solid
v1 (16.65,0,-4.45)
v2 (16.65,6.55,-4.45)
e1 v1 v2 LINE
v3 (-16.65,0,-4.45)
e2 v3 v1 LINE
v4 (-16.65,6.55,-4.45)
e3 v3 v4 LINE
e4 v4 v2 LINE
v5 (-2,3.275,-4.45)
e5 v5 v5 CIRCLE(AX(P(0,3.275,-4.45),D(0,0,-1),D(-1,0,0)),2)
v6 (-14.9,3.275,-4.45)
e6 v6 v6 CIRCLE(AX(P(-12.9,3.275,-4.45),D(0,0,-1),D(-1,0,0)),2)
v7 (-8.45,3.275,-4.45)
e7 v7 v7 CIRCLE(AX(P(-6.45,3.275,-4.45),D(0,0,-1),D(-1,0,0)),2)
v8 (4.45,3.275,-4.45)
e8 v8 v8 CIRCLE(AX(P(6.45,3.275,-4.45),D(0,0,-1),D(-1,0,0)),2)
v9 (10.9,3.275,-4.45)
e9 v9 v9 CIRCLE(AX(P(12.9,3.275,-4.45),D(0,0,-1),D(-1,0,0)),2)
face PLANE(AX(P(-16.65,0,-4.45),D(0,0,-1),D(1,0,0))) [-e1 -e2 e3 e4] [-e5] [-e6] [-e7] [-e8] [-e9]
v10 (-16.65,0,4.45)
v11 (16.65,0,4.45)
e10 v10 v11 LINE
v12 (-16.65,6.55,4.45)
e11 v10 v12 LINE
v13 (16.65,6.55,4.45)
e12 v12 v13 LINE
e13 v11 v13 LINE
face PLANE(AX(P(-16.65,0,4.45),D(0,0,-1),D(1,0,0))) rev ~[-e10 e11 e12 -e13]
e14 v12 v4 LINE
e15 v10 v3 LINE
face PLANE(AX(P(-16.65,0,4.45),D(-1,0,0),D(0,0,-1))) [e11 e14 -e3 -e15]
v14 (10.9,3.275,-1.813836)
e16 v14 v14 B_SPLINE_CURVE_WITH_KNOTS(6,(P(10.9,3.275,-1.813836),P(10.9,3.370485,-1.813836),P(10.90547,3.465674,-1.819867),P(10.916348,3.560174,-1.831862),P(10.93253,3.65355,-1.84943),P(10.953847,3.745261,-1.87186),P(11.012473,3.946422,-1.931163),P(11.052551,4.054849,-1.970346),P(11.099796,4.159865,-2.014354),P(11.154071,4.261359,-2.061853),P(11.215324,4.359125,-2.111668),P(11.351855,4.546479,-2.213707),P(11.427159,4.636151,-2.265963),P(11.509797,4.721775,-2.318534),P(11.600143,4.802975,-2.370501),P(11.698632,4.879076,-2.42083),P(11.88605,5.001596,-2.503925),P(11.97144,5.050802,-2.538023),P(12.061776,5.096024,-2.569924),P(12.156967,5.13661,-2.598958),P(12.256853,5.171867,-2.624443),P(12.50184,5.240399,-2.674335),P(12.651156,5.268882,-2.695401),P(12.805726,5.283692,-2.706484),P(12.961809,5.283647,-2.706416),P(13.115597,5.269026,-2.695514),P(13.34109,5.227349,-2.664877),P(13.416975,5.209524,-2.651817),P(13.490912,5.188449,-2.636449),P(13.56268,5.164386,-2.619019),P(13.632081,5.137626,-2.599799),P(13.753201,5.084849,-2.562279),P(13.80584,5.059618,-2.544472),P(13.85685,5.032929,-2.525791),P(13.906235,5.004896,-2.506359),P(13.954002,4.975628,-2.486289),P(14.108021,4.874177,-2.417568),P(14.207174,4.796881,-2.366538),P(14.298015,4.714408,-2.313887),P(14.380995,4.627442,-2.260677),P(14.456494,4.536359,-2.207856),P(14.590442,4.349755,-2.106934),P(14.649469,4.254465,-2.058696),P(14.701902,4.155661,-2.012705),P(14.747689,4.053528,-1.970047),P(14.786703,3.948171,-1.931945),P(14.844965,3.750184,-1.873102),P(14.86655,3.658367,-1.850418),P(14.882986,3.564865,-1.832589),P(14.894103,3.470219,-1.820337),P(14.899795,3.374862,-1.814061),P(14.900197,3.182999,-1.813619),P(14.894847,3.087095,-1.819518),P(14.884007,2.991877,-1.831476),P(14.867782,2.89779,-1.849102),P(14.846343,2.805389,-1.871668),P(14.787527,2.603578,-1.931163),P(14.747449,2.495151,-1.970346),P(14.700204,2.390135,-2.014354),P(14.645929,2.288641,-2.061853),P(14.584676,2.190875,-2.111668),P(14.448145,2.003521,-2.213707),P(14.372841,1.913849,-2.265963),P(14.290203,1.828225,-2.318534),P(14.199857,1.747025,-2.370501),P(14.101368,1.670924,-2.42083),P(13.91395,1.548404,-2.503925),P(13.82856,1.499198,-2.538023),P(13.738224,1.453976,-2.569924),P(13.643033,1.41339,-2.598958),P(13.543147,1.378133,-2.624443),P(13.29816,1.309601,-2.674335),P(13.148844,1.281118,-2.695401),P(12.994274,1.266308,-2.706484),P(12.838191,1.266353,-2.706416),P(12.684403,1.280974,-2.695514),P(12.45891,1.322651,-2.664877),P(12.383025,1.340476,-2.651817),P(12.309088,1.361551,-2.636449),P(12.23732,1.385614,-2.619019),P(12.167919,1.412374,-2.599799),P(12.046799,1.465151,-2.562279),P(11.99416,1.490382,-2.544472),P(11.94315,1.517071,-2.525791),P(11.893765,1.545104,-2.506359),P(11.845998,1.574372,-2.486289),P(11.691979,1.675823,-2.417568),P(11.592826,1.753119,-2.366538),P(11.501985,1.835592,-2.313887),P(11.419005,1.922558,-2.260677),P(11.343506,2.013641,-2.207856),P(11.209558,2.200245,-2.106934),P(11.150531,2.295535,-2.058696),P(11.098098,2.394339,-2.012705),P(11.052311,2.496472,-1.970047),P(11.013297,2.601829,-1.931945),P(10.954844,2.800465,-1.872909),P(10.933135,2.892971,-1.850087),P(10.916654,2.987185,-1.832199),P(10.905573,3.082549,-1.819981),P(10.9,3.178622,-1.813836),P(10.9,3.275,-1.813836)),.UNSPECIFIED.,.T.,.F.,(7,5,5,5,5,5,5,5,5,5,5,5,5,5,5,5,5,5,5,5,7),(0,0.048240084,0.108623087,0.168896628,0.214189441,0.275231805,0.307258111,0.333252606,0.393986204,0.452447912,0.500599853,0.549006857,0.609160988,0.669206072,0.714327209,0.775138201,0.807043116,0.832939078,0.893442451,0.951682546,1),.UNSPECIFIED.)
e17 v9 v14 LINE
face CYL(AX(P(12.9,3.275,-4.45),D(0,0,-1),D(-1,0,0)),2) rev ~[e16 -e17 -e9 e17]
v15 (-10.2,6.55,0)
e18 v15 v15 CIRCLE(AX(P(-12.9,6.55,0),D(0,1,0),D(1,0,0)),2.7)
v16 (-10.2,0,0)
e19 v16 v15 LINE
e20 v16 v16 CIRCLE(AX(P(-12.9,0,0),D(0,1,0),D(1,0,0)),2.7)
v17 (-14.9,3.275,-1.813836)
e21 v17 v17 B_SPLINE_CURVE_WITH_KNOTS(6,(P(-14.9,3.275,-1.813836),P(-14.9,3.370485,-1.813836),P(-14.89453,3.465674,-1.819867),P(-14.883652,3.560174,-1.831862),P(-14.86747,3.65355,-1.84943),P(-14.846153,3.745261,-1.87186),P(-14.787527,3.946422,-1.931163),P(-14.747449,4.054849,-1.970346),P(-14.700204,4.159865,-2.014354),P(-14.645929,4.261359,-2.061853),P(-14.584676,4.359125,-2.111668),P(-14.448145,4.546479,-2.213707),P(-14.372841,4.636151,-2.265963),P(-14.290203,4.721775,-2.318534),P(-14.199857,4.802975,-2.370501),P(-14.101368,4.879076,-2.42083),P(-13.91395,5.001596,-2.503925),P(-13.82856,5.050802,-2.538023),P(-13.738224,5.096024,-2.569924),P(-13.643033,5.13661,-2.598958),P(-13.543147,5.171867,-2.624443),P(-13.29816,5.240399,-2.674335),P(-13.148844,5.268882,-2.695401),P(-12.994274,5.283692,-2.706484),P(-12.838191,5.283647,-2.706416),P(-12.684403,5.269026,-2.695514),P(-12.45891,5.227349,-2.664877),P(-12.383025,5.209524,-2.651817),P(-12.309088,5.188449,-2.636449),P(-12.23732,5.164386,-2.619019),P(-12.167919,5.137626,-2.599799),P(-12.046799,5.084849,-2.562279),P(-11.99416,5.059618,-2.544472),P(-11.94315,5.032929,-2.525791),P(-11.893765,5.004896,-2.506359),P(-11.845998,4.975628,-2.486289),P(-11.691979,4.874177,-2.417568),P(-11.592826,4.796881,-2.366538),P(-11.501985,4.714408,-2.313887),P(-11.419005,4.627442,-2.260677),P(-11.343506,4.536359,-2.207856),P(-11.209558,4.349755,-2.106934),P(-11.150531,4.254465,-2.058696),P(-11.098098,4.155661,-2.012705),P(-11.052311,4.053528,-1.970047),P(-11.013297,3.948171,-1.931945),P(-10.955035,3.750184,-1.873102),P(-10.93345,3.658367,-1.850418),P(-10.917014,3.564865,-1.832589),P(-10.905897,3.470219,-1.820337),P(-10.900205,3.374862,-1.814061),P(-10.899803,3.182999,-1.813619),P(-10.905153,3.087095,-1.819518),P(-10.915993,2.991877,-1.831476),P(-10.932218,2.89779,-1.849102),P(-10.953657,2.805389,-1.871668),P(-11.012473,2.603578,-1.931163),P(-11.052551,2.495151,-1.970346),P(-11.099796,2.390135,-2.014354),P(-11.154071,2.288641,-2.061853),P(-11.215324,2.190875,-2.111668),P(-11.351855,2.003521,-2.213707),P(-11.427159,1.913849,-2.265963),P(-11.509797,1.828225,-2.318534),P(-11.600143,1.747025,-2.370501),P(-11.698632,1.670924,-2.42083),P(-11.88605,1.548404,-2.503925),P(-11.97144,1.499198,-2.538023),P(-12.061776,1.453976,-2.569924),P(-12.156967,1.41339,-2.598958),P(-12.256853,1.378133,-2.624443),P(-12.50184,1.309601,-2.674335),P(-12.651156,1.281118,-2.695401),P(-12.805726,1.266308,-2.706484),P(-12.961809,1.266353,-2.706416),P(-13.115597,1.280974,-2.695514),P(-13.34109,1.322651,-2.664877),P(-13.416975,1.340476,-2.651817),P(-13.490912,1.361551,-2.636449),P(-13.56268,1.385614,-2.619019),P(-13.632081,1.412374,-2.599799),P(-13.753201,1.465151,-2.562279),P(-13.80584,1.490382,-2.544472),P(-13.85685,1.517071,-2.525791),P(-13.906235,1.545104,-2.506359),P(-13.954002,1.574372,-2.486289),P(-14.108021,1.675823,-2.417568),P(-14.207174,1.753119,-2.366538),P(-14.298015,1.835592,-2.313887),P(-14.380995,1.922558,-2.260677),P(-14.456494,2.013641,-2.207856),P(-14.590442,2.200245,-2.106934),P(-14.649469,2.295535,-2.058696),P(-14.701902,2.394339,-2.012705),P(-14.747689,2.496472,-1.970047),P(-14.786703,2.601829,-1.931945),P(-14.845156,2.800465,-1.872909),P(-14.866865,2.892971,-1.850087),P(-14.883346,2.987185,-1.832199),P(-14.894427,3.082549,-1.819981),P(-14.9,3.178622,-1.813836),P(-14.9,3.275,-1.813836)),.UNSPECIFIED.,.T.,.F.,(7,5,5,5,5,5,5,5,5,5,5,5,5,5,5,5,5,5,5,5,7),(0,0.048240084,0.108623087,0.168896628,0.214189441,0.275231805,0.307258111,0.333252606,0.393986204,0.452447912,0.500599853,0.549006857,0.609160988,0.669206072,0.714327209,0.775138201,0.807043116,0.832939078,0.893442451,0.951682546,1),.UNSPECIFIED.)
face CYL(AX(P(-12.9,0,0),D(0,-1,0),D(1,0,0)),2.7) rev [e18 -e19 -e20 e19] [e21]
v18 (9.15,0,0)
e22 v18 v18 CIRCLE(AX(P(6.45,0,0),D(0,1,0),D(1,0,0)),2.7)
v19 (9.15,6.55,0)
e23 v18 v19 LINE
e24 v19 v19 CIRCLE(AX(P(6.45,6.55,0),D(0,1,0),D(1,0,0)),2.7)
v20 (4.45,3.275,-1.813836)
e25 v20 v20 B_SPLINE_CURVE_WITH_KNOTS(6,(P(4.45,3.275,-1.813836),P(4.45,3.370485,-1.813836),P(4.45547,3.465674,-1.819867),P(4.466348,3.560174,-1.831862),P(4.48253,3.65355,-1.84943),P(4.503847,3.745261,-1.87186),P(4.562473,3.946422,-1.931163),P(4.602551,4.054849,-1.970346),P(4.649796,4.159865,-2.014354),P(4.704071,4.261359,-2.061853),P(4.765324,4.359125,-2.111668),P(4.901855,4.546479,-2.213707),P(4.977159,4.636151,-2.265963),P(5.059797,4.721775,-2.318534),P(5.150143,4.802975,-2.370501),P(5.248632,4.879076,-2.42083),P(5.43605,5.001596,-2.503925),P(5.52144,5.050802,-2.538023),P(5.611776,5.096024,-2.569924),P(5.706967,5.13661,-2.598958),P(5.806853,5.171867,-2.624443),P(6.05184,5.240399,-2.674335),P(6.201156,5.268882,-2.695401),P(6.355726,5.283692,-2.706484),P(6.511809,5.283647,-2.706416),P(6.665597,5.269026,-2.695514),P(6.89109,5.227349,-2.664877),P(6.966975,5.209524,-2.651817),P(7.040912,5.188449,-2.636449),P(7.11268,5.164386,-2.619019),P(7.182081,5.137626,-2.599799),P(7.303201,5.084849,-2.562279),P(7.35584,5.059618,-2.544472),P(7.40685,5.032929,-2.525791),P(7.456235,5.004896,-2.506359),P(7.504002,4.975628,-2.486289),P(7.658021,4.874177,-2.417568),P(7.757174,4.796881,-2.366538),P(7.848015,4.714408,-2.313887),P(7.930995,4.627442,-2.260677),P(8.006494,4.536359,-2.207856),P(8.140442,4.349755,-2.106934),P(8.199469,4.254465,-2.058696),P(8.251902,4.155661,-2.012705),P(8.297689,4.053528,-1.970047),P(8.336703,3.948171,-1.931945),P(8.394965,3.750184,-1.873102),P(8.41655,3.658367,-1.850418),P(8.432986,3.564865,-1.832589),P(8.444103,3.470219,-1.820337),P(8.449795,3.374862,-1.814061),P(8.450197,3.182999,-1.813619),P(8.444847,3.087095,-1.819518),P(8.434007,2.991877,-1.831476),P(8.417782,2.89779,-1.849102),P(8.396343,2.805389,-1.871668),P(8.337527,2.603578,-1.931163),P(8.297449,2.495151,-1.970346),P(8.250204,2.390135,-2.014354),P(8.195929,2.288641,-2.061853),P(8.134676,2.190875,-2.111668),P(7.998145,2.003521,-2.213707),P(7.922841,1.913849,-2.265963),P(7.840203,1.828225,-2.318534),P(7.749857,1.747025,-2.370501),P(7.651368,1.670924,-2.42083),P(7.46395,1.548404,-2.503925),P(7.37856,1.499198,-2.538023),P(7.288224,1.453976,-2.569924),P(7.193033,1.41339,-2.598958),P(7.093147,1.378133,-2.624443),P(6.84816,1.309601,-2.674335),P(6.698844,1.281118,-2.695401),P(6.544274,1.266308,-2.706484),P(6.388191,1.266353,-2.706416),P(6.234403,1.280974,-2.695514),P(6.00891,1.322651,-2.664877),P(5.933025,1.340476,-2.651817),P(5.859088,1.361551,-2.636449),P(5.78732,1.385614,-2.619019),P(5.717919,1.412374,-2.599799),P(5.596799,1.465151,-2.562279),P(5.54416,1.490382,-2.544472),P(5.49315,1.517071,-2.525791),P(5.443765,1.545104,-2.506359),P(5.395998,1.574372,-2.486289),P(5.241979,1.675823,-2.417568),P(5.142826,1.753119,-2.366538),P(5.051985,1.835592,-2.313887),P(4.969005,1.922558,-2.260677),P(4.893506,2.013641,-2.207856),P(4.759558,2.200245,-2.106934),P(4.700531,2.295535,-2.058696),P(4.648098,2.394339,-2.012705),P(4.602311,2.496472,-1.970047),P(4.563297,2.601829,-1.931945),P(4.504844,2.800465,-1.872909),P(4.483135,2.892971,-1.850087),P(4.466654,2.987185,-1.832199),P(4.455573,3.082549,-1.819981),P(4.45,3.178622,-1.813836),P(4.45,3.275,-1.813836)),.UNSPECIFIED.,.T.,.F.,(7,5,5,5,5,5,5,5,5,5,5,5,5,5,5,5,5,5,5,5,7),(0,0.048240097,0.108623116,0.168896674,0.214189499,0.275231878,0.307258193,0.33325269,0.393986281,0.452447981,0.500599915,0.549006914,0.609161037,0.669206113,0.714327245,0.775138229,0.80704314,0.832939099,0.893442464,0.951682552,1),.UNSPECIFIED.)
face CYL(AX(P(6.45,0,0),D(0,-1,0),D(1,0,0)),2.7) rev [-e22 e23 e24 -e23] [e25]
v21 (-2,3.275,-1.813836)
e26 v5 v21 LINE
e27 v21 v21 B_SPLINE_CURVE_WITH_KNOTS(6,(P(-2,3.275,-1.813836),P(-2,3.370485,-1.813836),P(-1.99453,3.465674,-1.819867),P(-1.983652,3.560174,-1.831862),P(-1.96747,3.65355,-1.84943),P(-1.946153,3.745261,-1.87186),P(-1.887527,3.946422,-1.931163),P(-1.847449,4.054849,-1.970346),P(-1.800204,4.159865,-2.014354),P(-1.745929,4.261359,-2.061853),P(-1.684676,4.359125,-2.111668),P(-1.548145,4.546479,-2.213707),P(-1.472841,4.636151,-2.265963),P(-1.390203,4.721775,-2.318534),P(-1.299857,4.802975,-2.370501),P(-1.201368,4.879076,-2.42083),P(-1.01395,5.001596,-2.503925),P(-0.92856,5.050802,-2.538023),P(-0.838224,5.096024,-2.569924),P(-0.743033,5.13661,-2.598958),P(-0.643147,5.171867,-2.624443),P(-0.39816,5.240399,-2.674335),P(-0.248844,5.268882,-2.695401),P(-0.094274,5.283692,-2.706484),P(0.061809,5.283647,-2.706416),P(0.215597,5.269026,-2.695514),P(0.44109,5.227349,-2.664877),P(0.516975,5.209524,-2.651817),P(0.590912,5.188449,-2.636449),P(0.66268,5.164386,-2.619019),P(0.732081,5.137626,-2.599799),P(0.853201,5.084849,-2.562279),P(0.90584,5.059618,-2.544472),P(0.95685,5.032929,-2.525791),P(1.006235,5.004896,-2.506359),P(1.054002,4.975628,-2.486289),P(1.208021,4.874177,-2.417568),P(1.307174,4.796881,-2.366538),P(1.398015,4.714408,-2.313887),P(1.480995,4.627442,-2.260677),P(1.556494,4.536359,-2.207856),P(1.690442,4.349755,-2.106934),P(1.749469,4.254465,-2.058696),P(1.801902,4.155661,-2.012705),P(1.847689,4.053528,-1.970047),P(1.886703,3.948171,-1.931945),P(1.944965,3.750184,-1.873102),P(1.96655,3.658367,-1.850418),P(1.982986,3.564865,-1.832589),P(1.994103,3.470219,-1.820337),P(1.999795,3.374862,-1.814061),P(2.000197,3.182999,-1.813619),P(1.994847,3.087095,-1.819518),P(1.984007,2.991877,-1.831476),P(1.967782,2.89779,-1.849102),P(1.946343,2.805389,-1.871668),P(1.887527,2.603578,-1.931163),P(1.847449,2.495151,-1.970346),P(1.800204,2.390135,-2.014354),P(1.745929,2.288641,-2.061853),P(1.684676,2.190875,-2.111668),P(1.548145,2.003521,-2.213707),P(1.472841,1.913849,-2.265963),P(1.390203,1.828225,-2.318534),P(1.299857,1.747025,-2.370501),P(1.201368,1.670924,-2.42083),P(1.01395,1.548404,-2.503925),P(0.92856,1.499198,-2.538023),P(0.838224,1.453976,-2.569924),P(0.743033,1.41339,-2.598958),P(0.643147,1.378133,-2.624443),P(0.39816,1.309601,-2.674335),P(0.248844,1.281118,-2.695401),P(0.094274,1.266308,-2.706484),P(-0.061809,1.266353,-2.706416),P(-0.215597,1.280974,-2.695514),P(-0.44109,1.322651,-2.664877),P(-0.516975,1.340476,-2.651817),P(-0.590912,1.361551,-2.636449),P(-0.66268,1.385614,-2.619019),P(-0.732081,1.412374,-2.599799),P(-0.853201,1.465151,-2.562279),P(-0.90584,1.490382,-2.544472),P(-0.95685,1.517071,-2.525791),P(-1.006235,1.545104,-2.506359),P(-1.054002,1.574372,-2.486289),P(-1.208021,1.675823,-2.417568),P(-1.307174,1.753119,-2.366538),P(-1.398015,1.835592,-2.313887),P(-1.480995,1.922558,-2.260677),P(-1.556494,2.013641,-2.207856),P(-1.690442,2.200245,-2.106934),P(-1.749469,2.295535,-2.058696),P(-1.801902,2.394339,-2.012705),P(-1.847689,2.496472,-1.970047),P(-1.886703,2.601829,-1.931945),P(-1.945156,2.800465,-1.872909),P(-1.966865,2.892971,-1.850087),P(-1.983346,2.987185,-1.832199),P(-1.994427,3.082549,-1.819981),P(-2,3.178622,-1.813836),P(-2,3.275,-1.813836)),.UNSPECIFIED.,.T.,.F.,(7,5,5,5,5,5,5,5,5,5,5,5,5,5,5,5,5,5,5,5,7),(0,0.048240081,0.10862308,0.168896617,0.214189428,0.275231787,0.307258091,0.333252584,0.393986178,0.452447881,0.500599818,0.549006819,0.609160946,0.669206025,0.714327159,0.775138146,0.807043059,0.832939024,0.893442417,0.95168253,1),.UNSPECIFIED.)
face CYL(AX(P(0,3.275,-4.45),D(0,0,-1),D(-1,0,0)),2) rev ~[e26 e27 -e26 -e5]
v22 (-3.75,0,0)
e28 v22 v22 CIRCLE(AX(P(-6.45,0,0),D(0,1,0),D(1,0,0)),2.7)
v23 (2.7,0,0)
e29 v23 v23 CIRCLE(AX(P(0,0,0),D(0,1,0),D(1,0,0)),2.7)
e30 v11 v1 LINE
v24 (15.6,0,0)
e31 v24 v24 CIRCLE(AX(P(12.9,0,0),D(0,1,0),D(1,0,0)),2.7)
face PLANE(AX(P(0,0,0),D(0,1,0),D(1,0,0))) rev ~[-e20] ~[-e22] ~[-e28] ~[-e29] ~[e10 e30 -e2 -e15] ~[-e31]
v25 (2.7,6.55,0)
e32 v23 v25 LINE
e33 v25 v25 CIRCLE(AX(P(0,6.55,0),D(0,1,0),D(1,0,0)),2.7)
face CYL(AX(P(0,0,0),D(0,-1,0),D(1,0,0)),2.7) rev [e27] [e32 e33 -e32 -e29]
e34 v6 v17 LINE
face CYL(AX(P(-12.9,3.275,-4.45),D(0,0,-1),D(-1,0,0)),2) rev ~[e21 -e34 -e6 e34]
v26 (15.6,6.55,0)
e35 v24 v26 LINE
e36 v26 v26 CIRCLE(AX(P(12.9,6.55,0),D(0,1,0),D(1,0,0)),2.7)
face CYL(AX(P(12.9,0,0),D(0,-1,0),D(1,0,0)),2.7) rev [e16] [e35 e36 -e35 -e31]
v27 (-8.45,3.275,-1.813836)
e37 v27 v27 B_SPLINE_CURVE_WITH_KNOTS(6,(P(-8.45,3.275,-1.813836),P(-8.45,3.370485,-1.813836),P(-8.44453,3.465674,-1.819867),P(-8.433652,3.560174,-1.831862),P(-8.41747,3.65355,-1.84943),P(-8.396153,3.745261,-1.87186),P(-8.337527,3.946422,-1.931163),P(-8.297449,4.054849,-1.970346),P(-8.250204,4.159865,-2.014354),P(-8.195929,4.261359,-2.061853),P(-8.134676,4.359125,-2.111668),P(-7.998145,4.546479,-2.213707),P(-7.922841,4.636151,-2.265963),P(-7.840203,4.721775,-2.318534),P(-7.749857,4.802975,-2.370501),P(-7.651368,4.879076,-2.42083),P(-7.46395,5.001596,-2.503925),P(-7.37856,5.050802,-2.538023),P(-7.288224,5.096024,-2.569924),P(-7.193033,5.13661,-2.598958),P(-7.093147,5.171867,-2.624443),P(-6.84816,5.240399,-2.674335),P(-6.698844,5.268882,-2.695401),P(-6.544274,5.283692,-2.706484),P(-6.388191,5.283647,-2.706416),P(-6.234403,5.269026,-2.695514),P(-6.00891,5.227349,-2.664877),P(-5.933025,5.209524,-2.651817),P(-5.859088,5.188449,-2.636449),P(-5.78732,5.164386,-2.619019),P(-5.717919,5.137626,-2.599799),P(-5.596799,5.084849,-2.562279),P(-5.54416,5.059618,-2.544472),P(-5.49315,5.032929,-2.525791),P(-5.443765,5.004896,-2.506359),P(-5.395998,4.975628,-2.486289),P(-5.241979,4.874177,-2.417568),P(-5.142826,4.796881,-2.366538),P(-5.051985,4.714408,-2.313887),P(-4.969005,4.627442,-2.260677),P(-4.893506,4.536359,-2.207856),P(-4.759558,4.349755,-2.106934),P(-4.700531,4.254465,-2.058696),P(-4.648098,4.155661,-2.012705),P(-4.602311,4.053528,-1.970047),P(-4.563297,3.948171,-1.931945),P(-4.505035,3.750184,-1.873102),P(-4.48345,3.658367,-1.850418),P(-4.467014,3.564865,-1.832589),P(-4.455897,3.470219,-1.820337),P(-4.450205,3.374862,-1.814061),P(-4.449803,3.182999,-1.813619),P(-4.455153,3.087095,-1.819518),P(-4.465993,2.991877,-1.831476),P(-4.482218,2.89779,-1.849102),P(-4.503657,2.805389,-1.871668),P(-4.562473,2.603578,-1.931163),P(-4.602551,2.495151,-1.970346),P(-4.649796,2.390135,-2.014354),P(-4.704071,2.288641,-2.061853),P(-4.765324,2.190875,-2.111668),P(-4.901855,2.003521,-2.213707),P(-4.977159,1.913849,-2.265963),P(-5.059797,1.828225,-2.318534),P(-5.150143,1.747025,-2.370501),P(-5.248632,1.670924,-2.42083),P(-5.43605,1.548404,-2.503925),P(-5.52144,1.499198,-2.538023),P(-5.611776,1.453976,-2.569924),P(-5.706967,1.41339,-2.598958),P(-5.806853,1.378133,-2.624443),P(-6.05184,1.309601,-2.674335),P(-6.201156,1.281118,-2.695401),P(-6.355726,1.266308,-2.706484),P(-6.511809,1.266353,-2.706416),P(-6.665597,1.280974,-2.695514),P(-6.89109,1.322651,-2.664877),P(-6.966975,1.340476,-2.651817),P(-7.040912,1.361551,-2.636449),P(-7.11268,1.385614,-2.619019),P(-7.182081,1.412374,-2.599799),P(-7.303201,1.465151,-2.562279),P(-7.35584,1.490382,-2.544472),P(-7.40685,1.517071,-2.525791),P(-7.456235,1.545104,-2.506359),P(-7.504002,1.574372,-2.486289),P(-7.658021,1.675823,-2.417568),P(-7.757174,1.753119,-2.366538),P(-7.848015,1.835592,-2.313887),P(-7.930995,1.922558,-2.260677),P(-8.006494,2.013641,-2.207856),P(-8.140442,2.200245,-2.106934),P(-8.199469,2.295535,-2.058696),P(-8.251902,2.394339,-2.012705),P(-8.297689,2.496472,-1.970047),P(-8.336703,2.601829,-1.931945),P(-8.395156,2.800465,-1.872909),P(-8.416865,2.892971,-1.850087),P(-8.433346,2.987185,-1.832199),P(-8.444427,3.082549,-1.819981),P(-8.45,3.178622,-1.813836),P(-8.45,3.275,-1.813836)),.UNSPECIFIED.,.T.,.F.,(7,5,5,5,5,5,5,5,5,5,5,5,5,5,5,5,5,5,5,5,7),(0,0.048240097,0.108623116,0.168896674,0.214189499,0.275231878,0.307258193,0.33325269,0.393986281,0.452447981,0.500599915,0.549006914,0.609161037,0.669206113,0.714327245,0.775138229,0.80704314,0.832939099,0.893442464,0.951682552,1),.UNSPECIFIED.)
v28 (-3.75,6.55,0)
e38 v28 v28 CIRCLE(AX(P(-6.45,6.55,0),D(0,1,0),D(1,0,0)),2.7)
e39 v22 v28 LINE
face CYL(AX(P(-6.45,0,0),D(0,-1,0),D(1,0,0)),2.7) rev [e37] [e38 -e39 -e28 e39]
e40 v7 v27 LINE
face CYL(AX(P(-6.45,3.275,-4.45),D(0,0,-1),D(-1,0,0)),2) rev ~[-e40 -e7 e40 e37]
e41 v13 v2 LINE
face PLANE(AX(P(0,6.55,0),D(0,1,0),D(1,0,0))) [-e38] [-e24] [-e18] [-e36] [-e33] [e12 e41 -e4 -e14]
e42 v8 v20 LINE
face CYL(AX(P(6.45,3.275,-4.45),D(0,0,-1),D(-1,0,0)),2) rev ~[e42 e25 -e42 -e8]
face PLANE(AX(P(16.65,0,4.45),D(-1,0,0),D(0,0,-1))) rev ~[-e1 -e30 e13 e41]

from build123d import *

# Parameters (mm, degrees)
SKETCH1_W           = 33.3
SKETCH1_H           = 8.9
SKETCH1_R           = 2.7
BOSS_EXTRUDE1_DEPTH = 6.55
CUT_EXTRUDE1_REACH  = 10.9
SKETCH2_R           = 2


with BuildPart() as part:
    # Sketch1 → Boss-Extrude1 (new body)
    with BuildSketch(Plane(origin=(0, 0, 0), x_dir=(1, 0, 0), z_dir=(0, 1, 0))):
        Rectangle(SKETCH1_W, SKETCH1_H)
        with Locations((-12.9, 0)):
            Circle(SKETCH1_R, mode=Mode.SUBTRACT)
        with Locations((-6.45, 0)):
            Circle(SKETCH1_R, mode=Mode.SUBTRACT)
        Circle(SKETCH1_R, mode=Mode.SUBTRACT)
        with Locations((6.45, 0)):
            Circle(SKETCH1_R, mode=Mode.SUBTRACT)
        with Locations((12.9, 0)):
            Circle(SKETCH1_R, mode=Mode.SUBTRACT)
    extrude(amount=BOSS_EXTRUDE1_DEPTH)

    # Sketch2 → Cut-Extrude1 (cut, up to next)
    with BuildSketch(Plane(origin=(0, 0, -4.45), x_dir=(-1, 0, 0), z_dir=(0, 0, -1)), mode=Mode.PRIVATE) as cut_extrude1_sk1:
        with Locations((-12.9, 3.275)):
            Circle(SKETCH2_R)
    cut_extrude1_tool1 = extrude(cut_extrude1_sk1.sketch, amount=-CUT_EXTRUDE1_REACH, mode=Mode.PRIVATE) & part.part
    add(cut_extrude1_tool1.solids().sort_by_distance((12.9, 3.275, -4.45))[0], mode=Mode.SUBTRACT)
    # Sketch2 → Cut-Extrude1 (cut, up to next)
    with BuildSketch(Plane(origin=(0, 0, -4.45), x_dir=(-1, 0, 0), z_dir=(0, 0, -1)), mode=Mode.PRIVATE) as cut_extrude1_sk2:
        with Locations((-6.45, 3.275)):
            Circle(SKETCH2_R)
    cut_extrude1_tool2 = extrude(cut_extrude1_sk2.sketch, amount=-CUT_EXTRUDE1_REACH, mode=Mode.PRIVATE) & part.part
    add(cut_extrude1_tool2.solids().sort_by_distance((6.45, 3.275, -4.45))[0], mode=Mode.SUBTRACT)
    # Sketch2 → Cut-Extrude1 (cut, up to next)
    with BuildSketch(Plane(origin=(0, 0, -4.45), x_dir=(-1, 0, 0), z_dir=(0, 0, -1)), mode=Mode.PRIVATE) as cut_extrude1_sk3:
        with Locations((0, 3.275)):
            Circle(SKETCH2_R)
    cut_extrude1_tool3 = extrude(cut_extrude1_sk3.sketch, amount=-CUT_EXTRUDE1_REACH, mode=Mode.PRIVATE) & part.part
    add(cut_extrude1_tool3.solids().sort_by_distance((0, 3.275, -4.45))[0], mode=Mode.SUBTRACT)
    # Sketch2 → Cut-Extrude1 (cut, up to next)
    with BuildSketch(Plane(origin=(0, 0, -4.45), x_dir=(-1, 0, 0), z_dir=(0, 0, -1)), mode=Mode.PRIVATE) as cut_extrude1_sk4:
        with Locations((6.45, 3.275)):
            Circle(SKETCH2_R)
    cut_extrude1_tool4 = extrude(cut_extrude1_sk4.sketch, amount=-CUT_EXTRUDE1_REACH, mode=Mode.PRIVATE) & part.part
    add(cut_extrude1_tool4.solids().sort_by_distance((-6.45, 3.275, -4.45))[0], mode=Mode.SUBTRACT)
    # Sketch2 → Cut-Extrude1 (cut, up to next)
    with BuildSketch(Plane(origin=(0, 0, -4.45), x_dir=(-1, 0, 0), z_dir=(0, 0, -1)), mode=Mode.PRIVATE) as cut_extrude1_sk5:
        with Locations((12.9, 3.275)):
            Circle(SKETCH2_R)
    cut_extrude1_tool5 = extrude(cut_extrude1_sk5.sketch, amount=-CUT_EXTRUDE1_REACH, mode=Mode.PRIVATE) & part.part
    add(cut_extrude1_tool5.solids().sort_by_distance((-12.9, 3.275, -4.45))[0], mode=Mode.SUBTRACT)


solid = part.part
